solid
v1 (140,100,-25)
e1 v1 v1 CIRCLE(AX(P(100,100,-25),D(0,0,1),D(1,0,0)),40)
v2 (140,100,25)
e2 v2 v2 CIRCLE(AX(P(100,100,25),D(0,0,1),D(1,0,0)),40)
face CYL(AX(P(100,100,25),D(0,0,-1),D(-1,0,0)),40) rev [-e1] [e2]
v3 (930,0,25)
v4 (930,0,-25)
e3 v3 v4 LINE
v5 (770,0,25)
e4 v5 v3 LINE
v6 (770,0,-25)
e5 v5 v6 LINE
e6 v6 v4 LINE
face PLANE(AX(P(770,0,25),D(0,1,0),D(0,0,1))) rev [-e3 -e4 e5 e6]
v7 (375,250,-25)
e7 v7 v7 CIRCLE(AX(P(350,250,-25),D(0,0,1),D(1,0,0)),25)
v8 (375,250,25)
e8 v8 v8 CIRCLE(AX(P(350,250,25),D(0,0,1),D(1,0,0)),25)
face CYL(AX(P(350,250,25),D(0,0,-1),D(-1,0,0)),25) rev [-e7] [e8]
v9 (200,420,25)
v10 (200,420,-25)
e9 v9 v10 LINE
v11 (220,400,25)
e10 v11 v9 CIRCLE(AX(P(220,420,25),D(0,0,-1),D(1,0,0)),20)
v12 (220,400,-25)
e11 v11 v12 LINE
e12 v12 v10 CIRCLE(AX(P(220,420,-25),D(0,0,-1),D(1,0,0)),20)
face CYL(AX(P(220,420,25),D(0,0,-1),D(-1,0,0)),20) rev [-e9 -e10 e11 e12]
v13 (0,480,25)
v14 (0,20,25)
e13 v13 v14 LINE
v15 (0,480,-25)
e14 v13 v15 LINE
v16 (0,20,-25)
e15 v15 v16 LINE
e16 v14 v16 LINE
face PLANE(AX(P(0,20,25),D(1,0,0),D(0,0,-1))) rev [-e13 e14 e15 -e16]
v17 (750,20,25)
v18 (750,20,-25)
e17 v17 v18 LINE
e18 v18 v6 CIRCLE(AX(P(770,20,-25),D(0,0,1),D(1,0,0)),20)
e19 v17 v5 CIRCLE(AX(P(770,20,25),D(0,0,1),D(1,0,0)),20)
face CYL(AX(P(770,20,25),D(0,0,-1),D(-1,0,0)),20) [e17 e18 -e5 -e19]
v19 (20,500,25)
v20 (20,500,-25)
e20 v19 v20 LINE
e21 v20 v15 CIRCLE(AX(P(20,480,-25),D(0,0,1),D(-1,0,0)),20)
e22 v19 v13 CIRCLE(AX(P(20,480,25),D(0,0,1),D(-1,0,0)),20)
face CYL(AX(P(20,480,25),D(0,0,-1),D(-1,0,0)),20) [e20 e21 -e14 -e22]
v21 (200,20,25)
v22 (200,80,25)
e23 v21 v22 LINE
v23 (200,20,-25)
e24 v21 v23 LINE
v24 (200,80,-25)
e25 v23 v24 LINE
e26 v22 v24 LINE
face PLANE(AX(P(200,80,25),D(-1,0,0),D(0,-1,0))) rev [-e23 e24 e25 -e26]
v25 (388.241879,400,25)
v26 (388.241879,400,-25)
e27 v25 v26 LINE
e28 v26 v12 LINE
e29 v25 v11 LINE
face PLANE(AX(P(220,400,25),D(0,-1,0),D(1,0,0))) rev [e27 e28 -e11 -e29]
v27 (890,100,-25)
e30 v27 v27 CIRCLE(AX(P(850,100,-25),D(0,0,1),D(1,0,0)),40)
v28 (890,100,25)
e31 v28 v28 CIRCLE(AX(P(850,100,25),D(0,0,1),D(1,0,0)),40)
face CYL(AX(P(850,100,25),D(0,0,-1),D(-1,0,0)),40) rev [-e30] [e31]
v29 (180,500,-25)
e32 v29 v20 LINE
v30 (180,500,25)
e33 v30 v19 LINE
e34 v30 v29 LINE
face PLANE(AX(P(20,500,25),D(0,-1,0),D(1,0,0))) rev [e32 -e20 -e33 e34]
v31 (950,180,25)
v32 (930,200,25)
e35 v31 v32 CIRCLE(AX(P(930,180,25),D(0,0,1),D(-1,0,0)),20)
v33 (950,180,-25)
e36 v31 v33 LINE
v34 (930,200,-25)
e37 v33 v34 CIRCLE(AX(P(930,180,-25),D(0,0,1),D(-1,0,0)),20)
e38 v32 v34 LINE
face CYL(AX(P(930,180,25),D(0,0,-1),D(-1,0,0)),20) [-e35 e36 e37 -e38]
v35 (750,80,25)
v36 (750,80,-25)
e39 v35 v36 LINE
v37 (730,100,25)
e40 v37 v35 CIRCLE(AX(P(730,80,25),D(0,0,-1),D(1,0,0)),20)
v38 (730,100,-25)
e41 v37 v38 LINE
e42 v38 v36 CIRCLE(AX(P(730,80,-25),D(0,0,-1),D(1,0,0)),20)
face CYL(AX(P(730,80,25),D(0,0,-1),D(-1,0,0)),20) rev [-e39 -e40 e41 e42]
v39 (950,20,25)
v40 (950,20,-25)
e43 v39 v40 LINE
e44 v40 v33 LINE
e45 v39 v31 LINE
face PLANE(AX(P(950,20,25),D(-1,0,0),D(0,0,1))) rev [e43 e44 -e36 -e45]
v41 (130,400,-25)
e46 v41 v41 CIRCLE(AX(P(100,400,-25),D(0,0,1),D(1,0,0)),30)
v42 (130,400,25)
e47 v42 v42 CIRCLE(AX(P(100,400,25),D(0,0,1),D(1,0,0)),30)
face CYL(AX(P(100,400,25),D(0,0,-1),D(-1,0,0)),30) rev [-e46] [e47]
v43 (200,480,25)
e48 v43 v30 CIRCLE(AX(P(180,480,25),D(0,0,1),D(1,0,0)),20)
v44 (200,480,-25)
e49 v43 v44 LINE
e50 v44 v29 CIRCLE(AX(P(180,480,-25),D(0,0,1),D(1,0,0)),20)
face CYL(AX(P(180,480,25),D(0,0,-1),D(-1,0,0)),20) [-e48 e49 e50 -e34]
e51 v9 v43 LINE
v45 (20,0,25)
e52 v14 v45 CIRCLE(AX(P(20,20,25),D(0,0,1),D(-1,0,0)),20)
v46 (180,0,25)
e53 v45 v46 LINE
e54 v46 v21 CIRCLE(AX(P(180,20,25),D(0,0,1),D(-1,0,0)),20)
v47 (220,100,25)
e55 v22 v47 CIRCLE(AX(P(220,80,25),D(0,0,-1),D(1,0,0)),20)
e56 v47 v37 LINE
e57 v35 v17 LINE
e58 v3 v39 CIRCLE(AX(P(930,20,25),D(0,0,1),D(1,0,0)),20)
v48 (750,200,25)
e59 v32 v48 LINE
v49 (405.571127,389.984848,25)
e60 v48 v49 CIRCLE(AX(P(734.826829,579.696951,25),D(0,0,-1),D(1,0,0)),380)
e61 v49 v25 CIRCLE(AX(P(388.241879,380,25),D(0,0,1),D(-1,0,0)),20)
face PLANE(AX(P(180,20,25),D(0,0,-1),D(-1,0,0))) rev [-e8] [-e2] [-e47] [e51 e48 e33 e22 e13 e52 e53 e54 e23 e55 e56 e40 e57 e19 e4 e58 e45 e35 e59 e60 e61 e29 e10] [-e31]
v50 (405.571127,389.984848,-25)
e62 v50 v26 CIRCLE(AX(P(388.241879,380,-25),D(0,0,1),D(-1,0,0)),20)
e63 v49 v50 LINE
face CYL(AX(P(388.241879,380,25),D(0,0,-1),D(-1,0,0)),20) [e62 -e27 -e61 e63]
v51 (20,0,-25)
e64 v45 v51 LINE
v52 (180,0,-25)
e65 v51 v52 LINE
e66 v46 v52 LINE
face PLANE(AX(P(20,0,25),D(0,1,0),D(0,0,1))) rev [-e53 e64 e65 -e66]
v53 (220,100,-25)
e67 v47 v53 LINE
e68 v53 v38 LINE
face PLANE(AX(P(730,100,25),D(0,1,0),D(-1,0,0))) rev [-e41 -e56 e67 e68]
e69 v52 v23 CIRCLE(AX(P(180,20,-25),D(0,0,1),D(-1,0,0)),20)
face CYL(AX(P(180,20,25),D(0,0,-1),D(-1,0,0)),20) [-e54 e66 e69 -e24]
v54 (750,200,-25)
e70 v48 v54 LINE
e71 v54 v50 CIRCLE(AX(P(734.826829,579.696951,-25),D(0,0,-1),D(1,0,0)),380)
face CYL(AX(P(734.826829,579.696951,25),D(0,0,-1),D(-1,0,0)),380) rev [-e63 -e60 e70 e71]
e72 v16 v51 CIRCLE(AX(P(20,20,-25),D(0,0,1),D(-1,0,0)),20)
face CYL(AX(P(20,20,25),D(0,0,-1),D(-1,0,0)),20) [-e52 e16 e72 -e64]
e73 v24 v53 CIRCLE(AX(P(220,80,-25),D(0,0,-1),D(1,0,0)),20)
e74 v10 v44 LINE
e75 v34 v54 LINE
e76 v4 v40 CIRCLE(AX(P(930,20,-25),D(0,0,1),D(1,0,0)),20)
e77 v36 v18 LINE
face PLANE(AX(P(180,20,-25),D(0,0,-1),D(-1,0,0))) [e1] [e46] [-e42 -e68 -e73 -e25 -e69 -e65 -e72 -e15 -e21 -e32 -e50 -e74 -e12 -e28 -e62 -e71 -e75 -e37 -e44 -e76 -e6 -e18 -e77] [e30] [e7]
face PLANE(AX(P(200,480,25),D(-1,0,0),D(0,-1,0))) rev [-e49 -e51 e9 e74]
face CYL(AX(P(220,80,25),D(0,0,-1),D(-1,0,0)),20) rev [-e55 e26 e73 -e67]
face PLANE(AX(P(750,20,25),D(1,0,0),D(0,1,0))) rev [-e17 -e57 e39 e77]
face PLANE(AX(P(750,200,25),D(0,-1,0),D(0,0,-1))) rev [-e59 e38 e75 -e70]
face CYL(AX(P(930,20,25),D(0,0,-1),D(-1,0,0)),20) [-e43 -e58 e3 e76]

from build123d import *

# Parameters (mm, degrees)
SKETCH1_R           = 30
SKETCH1_R_2         = 40
SKETCH1_R_3         = 25
BOSS_EXTRUDE1_DEPTH = 25


with BuildPart() as part:
    # Sketch1 → Boss-Extrude1 (new body, symmetric)
    with BuildSketch(Plane.XY):
        with BuildLine():
            Line((200, 480), (200, 420))
            ThreePointArc((200, 420), (205.857864376, 405.857864376), (220, 400))
            Line((220, 400), (388.241879306, 400))
            ThreePointArc((388.241879306, 400), (398.249452654, 397.316133393), (405.571126809, 389.984847569))
            ThreePointArc((405.571126809, 389.984847569), (551.290675458, 246.959096298), (750, 200))
            Line((750, 200), (930, 200))
            ThreePointArc((930, 200), (944.142135624, 194.142135624), (950, 180))
            Line((950, 180), (950, 20))
            ThreePointArc((950, 20), (944.142135624, 5.857864376), (930, 0))
            Line((930, 0), (770, 0))
            ThreePointArc((770, 0), (755.857864376, 5.857864376), (750, 20))
            Line((750, 20), (750, 80))
            ThreePointArc((750, 80), (744.142135624, 94.142135624), (730, 100))
            Line((730, 100), (220, 100))
            ThreePointArc((220, 100), (205.857864376, 94.142135624), (200, 80))
            Line((200, 80), (200, 20))
            ThreePointArc((200, 20), (194.142135624, 5.857864376), (180, 0))
            Line((180, 0), (20, 0))
            ThreePointArc((20, 0), (5.857864376, 5.857864376), (0, 20))
            Line((0, 20), (0, 480))
            ThreePointArc((0, 480), (5.857864376, 494.142135624), (20, 500))
            Line((20, 500), (180, 500))
            ThreePointArc((180, 500), (194.142135624, 494.142135624), (200, 480))
        make_face()
        with Locations((100, 400)):
            Circle(SKETCH1_R, mode=Mode.SUBTRACT)
        with Locations((100, 100)):
            Circle(SKETCH1_R_2, mode=Mode.SUBTRACT)
        with Locations((350, 250)):
            Circle(SKETCH1_R_3, mode=Mode.SUBTRACT)
        with Locations((850, 100)):
            Circle(SKETCH1_R_2, mode=Mode.SUBTRACT)
    extrude(amount=BOSS_EXTRUDE1_DEPTH, both=True)


solid = part.part
